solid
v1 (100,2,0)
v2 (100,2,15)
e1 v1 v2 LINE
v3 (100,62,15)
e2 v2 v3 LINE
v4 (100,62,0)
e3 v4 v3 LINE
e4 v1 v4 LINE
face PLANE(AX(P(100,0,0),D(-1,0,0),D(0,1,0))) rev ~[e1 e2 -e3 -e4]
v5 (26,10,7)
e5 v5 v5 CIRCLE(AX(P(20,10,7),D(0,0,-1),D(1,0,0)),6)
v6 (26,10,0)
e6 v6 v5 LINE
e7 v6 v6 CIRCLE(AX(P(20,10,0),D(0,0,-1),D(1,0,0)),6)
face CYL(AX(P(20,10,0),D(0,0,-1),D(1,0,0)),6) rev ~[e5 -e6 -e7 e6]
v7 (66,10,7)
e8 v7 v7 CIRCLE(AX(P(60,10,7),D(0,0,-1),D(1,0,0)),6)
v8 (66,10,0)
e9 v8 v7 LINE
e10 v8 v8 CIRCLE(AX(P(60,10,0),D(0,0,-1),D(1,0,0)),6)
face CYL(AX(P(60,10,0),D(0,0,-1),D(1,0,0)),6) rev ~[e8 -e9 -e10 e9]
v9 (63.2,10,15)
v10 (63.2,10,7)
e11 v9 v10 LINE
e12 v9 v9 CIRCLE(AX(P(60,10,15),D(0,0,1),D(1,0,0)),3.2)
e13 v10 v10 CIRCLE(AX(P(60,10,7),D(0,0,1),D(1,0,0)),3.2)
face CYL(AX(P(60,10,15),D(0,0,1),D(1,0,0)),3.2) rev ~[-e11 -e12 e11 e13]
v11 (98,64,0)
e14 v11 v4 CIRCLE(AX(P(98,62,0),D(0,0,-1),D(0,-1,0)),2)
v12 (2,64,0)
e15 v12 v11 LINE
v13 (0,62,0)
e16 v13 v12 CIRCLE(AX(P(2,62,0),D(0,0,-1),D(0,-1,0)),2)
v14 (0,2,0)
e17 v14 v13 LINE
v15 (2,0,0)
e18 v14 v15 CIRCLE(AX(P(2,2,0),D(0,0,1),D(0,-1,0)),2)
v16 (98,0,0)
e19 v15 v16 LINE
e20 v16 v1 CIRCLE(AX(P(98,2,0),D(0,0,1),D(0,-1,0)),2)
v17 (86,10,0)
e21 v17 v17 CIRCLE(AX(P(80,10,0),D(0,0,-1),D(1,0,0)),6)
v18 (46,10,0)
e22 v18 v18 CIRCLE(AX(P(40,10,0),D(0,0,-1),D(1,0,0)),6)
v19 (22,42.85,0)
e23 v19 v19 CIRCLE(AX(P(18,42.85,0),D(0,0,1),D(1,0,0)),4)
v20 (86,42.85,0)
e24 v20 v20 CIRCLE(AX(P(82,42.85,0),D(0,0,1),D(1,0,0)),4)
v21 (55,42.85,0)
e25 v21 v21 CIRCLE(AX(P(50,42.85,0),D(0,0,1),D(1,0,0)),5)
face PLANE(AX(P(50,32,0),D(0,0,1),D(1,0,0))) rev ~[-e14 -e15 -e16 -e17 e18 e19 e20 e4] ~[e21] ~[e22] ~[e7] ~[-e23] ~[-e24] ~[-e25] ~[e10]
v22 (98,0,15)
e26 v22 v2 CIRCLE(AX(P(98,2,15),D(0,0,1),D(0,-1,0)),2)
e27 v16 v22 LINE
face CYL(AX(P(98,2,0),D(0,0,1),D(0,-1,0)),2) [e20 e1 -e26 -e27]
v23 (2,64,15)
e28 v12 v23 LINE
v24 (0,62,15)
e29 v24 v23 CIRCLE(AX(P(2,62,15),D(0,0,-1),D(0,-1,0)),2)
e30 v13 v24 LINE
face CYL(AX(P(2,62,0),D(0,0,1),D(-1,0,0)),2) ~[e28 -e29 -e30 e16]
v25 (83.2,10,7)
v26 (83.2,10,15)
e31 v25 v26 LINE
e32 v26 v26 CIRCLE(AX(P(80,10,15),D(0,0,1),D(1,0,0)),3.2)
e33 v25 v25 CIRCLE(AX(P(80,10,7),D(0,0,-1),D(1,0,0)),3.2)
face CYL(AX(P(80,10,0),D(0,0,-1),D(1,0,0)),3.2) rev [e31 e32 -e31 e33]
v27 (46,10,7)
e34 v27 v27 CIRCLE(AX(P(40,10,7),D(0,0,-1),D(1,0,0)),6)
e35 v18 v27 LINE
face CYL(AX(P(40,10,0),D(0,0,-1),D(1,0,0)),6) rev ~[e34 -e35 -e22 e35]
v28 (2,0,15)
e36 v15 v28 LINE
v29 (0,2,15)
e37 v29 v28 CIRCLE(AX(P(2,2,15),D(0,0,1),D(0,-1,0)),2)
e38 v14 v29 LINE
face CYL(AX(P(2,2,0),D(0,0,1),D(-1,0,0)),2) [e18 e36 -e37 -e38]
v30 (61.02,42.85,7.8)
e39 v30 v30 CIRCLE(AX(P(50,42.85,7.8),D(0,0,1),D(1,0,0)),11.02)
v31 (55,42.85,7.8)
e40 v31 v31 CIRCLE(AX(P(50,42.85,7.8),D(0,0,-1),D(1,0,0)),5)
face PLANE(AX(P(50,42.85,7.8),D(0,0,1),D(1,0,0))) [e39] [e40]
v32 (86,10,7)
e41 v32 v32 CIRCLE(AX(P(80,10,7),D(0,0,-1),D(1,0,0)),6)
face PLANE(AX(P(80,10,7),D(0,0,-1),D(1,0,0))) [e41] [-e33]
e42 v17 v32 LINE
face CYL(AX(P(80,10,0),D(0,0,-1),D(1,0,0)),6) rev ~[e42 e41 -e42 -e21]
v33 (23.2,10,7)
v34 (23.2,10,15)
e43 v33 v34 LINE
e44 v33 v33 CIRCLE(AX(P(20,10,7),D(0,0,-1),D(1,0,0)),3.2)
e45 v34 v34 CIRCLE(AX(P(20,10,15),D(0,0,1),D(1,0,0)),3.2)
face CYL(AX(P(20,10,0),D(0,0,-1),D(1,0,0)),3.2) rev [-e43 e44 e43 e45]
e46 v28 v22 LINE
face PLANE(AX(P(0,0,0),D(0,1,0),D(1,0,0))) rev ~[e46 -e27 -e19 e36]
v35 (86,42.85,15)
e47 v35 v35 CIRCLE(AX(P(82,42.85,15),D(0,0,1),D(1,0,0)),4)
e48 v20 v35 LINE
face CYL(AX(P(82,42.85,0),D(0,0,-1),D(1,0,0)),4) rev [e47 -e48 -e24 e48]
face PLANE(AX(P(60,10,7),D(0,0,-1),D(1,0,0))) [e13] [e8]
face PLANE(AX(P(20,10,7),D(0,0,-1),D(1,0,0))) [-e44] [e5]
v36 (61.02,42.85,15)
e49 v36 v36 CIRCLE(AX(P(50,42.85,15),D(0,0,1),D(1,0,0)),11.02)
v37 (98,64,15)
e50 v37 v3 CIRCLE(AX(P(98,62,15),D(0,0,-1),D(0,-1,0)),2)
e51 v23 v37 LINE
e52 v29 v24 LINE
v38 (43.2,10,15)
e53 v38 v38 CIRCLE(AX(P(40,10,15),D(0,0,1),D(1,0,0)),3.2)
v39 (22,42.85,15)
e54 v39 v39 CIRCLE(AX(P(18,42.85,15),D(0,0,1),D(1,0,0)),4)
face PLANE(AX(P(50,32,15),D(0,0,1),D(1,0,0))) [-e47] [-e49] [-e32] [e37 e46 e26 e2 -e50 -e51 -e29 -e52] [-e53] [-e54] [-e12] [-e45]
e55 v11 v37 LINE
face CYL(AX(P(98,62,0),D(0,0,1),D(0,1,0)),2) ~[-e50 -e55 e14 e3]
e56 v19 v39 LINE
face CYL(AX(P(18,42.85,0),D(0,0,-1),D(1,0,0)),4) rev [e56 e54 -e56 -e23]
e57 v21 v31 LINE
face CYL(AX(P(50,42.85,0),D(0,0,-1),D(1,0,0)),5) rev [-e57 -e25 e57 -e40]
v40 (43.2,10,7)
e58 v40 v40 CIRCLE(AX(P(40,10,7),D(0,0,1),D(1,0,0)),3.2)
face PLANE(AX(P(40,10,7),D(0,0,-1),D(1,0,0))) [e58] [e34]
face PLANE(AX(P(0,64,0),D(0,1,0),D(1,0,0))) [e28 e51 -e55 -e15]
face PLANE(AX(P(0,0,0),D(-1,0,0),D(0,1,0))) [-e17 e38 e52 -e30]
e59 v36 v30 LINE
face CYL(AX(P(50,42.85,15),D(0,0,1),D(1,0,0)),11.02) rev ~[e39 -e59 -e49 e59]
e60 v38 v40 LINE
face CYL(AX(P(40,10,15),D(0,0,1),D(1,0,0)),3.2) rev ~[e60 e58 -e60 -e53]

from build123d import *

# Parameters (mm, degrees)
SKETCH_W        = 100
SKETCH_H        = 64
SKETCH_R        = 5
SKETCH_R_2      = 3.2
SKETCH_R_3      = 4
PAD_DEPTH       = 15
SKETCH001_R     = 11.02
POCKET_DEPTH    = 7.2
SKETCH002_R     = 6
POCKET001_DEPTH = 7
SKETCH003_R     = 3.2
POCKET002_DEPTH = 15
FILLET_R        = 2


with BuildPart() as part:
    # Sketch → Pad (new body)
    with BuildSketch(Plane.XY):
        with Locations((50, 32)):
            Rectangle(SKETCH_W, SKETCH_H)
        with Locations((50, 42.85)):
            Circle(SKETCH_R, mode=Mode.SUBTRACT)
        with Locations((20, 10)):
            Circle(SKETCH_R_2, mode=Mode.SUBTRACT)
        with Locations((80, 10)):
            Circle(SKETCH_R_2, mode=Mode.SUBTRACT)
        with Locations((82, 42.85)):
            Circle(SKETCH_R_3, mode=Mode.SUBTRACT)
        with Locations((18, 42.85)):
            Circle(SKETCH_R_3, mode=Mode.SUBTRACT)
    extrude(amount=PAD_DEPTH)

    # Sketch001 (on Face11 of Pad) → Pocket (cut)
    with BuildSketch(Plane.XY.offset(15)):
        with Locations((50, 42.85)):
            Circle(SKETCH001_R)
    extrude(amount=-POCKET_DEPTH, mode=Mode.SUBTRACT)

    # Sketch002 (on Face4 of Pocket) → Pocket001 (cut)
    with BuildSketch(Plane(origin=(0, 0, 0), x_dir=(1, 0, 0), z_dir=(0, 0, -1))):
        with Locations((20, -10)):
            Circle(SKETCH002_R)
        with Locations((80, -10)):
            Circle(SKETCH002_R)
        with Locations((40, -10)):
            Circle(SKETCH002_R)
        with Locations((60, -10)):
            Circle(SKETCH002_R)
    extrude(amount=-POCKET001_DEPTH, mode=Mode.SUBTRACT)

    # Sketch003 (on Face5 of Pocket001) → Pocket002 (cut)
    with BuildSketch(Plane.XY.offset(15)):
        with Locations((40, 10)):
            Circle(SKETCH003_R)
        with Locations((60, 10)):
            Circle(SKETCH003_R)
    extrude(amount=-POCKET002_DEPTH, mode=Mode.SUBTRACT)

    # Fillet
    fillet_edges = [part.edges().sort_by_distance(p)[0] for p in [
        (0, 64, 7.5),
        (100, 64, 7.5),
        (0, 0, 7.5),
        (100, 0, 7.5),
    ]]
    fillet(fillet_edges, radius=FILLET_R)


solid = part.part
